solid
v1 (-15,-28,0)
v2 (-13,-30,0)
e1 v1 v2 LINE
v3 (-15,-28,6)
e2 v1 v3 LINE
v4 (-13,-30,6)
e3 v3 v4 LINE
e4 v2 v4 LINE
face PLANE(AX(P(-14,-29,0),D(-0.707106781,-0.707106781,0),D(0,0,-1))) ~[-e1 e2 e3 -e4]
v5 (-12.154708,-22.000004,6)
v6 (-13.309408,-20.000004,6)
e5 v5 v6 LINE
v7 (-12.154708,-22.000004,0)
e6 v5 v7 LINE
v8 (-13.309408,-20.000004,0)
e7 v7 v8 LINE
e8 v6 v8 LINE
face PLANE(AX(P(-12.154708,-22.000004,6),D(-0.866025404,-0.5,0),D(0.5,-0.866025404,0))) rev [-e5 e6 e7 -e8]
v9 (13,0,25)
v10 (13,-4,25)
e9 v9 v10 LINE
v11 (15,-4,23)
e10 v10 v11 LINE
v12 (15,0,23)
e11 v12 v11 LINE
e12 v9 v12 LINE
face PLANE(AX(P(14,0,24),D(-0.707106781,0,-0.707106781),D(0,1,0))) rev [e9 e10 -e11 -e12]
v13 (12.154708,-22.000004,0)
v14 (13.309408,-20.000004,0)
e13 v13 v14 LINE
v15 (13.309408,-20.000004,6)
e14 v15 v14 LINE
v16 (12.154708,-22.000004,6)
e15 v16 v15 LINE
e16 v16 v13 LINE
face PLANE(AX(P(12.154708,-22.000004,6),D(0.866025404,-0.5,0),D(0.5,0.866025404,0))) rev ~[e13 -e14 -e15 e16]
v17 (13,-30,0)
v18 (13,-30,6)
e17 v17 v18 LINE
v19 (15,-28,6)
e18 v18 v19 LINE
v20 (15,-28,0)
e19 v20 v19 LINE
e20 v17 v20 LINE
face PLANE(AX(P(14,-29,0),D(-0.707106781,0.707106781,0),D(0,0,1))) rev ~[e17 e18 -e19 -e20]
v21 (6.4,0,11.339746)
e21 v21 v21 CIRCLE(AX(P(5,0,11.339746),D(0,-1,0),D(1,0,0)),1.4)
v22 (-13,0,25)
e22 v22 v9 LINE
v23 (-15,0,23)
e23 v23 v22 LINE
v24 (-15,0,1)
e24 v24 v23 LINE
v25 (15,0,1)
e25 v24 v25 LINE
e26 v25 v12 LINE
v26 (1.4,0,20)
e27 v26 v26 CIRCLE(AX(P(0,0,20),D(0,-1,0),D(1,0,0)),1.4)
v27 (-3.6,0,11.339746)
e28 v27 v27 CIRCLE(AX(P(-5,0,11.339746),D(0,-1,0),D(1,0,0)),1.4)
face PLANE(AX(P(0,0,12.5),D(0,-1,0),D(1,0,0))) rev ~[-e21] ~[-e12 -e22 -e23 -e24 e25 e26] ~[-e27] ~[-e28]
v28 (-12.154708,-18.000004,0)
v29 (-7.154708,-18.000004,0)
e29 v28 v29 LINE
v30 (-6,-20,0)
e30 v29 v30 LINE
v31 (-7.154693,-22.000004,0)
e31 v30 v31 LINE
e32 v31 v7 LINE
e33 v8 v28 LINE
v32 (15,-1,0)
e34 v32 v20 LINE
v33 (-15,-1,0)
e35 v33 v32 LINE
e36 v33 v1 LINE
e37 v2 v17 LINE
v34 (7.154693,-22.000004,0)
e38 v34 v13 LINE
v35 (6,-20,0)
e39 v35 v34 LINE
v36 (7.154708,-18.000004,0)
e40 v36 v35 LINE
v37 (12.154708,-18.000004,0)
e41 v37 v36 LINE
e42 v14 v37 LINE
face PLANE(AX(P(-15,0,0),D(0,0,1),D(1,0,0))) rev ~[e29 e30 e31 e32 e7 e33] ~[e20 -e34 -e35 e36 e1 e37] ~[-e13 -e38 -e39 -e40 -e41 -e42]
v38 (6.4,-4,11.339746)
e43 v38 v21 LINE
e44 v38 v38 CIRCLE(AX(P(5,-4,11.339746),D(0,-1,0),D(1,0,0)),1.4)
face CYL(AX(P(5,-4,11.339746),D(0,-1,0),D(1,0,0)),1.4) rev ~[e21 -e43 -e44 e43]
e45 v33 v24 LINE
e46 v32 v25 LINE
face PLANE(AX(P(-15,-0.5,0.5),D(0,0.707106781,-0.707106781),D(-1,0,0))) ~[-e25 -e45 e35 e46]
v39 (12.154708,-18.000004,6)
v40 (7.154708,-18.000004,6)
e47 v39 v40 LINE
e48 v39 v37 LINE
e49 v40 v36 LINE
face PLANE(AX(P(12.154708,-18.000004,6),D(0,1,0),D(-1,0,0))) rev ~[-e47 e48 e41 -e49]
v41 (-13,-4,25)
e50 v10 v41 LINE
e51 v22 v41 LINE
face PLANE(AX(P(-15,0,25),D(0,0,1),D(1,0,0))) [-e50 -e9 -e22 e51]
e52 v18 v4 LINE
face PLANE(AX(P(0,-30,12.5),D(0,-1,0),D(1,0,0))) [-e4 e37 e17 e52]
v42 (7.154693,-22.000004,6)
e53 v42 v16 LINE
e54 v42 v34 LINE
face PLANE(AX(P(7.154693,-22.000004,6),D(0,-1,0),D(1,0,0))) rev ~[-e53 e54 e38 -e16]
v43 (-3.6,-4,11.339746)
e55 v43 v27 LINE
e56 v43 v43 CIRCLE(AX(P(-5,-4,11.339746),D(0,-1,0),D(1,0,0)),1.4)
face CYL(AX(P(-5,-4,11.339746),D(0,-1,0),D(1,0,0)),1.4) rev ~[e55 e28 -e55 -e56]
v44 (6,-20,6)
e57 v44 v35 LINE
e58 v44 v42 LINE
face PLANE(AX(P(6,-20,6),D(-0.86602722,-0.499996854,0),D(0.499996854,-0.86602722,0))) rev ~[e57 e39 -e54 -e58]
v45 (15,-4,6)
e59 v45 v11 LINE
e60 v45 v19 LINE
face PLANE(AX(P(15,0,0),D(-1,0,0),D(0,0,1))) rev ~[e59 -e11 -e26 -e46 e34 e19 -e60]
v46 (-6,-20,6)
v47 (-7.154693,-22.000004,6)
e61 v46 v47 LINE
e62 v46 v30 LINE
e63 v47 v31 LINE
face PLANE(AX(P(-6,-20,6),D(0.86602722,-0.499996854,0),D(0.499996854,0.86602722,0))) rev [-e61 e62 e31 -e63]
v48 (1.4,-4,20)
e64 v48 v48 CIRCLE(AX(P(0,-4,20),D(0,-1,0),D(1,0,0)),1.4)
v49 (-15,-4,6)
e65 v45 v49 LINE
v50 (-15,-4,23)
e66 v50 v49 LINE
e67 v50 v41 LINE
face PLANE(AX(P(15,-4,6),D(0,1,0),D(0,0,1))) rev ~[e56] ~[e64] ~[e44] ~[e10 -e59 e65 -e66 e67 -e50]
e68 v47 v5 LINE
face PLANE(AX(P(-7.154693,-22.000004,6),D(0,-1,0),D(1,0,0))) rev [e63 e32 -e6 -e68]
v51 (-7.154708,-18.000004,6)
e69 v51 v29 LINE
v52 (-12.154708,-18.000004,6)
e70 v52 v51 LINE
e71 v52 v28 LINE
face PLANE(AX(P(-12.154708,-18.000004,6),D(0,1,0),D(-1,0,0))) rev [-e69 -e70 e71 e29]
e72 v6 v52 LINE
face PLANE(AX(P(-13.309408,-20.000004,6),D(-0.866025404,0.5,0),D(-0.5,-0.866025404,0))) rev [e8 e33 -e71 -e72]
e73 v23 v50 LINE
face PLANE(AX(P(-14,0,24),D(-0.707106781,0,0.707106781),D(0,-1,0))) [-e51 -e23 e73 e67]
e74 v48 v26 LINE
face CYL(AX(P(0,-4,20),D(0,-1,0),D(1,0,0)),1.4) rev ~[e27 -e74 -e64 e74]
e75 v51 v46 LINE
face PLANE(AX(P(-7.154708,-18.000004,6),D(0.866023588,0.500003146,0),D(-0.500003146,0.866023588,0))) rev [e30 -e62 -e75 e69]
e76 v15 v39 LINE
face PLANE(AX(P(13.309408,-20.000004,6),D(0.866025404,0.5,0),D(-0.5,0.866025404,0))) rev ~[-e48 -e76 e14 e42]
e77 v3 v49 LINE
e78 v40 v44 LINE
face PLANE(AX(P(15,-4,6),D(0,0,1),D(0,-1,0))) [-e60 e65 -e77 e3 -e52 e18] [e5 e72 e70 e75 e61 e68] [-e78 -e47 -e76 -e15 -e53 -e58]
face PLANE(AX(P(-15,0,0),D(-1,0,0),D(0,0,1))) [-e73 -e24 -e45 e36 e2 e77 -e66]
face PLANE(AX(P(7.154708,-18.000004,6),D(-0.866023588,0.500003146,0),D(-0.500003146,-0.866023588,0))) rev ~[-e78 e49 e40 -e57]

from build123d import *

# Parameters (mm, degrees)
SKETCH_W        = 30
SKETCH_H        = 25
PAD_DEPTH       = 30
SKETCH001_W     = 20.784298
SKETCH001_H     = 31.024467
POCKET_DEPTH    = 30.001
POCKET001_DEPTH = 104.489578018
SKETCH003_R     = 1.4
POCKET002_DEPTH = 5
CHAMFER_SIZE    = 2
CHAMFER001_SIZE = 2
CHAMFER002_SIZE = 1


with BuildPart() as part:
    # Sketch → Pad (new body)
    with BuildSketch(Plane.XZ):
        with Locations((0, 12.5)):
            Rectangle(SKETCH_W, SKETCH_H)
    extrude(amount=PAD_DEPTH)

    # Sketch001 (on Face2 of Pad) → Pocket (cut, through all)
    with BuildSketch(Plane(origin=(15, 0, 0), x_dir=(0, 0, 1), z_dir=(1, 0, 0))):
        with Locations((16.392149, 19.5122335)):
            Rectangle(SKETCH001_W, SKETCH001_H)
    extrude(amount=-POCKET_DEPTH, mode=Mode.SUBTRACT)

    # Sketch002 (on Face8 of Pocket) → Pocket001 (cut, through all)
    with BuildSketch(Plane(origin=(0, 0, 6), x_dir=(-1, 0, 0), z_dir=(0, 0, 1))):
        Polygon((-12.1547078033, 18.0000041944), (-7.1547078033, 18.0000041944), (-6, 20), (-7.1546932734, 22.0000041944), (-12.1547078033, 22.0000041944), (-13.3094083417, 20.0000041944), align=None)
    pocket001 = extrude(amount=-POCKET001_DEPTH, mode=Mode.SUBTRACT)

    # Mirrored: Pocket001 across Sketch002 V_Axis
    add(pocket001.mirror(Plane(origin=(0, 0, 6), x_dir=(0, 0, 1), z_dir=(-1, 0, 0))), mode=Mode.SUBTRACT)

    # Sketch003 (on Face4 of Pocket001) → Pocket002 (cut)
    with BuildSketch(Plane.XZ.offset(4)):
        with Locations((0, 20)):
            Circle(SKETCH003_R)
        with Locations((5, 11.3397459621)):
            Circle(SKETCH003_R)
        with Locations((-5, 11.3397459621)):
            Circle(SKETCH003_R)
    extrude(amount=-POCKET002_DEPTH, mode=Mode.SUBTRACT)

    # Chamfer
    chamfer_edges = [part.edges().sort_by_distance(p)[0] for p in [
        (-15, -2, 25),
        (15, -2, 25),
    ]]
    chamfer(chamfer_edges, length=CHAMFER_SIZE)

    # Chamfer001
    chamfer001_edges = [part.edges().sort_by_distance(p)[0] for p in [
        (15, -30, 3),
        (-15, -30, 3),
    ]]
    chamfer(chamfer001_edges, length=CHAMFER001_SIZE)

    # Chamfer002
    chamfer002_edges = [part.edges().sort_by_distance(p)[0] for p in [
        (0, 0, 0),
    ]]
    chamfer(chamfer002_edges, length=CHAMFER002_SIZE)


solid = part.part
